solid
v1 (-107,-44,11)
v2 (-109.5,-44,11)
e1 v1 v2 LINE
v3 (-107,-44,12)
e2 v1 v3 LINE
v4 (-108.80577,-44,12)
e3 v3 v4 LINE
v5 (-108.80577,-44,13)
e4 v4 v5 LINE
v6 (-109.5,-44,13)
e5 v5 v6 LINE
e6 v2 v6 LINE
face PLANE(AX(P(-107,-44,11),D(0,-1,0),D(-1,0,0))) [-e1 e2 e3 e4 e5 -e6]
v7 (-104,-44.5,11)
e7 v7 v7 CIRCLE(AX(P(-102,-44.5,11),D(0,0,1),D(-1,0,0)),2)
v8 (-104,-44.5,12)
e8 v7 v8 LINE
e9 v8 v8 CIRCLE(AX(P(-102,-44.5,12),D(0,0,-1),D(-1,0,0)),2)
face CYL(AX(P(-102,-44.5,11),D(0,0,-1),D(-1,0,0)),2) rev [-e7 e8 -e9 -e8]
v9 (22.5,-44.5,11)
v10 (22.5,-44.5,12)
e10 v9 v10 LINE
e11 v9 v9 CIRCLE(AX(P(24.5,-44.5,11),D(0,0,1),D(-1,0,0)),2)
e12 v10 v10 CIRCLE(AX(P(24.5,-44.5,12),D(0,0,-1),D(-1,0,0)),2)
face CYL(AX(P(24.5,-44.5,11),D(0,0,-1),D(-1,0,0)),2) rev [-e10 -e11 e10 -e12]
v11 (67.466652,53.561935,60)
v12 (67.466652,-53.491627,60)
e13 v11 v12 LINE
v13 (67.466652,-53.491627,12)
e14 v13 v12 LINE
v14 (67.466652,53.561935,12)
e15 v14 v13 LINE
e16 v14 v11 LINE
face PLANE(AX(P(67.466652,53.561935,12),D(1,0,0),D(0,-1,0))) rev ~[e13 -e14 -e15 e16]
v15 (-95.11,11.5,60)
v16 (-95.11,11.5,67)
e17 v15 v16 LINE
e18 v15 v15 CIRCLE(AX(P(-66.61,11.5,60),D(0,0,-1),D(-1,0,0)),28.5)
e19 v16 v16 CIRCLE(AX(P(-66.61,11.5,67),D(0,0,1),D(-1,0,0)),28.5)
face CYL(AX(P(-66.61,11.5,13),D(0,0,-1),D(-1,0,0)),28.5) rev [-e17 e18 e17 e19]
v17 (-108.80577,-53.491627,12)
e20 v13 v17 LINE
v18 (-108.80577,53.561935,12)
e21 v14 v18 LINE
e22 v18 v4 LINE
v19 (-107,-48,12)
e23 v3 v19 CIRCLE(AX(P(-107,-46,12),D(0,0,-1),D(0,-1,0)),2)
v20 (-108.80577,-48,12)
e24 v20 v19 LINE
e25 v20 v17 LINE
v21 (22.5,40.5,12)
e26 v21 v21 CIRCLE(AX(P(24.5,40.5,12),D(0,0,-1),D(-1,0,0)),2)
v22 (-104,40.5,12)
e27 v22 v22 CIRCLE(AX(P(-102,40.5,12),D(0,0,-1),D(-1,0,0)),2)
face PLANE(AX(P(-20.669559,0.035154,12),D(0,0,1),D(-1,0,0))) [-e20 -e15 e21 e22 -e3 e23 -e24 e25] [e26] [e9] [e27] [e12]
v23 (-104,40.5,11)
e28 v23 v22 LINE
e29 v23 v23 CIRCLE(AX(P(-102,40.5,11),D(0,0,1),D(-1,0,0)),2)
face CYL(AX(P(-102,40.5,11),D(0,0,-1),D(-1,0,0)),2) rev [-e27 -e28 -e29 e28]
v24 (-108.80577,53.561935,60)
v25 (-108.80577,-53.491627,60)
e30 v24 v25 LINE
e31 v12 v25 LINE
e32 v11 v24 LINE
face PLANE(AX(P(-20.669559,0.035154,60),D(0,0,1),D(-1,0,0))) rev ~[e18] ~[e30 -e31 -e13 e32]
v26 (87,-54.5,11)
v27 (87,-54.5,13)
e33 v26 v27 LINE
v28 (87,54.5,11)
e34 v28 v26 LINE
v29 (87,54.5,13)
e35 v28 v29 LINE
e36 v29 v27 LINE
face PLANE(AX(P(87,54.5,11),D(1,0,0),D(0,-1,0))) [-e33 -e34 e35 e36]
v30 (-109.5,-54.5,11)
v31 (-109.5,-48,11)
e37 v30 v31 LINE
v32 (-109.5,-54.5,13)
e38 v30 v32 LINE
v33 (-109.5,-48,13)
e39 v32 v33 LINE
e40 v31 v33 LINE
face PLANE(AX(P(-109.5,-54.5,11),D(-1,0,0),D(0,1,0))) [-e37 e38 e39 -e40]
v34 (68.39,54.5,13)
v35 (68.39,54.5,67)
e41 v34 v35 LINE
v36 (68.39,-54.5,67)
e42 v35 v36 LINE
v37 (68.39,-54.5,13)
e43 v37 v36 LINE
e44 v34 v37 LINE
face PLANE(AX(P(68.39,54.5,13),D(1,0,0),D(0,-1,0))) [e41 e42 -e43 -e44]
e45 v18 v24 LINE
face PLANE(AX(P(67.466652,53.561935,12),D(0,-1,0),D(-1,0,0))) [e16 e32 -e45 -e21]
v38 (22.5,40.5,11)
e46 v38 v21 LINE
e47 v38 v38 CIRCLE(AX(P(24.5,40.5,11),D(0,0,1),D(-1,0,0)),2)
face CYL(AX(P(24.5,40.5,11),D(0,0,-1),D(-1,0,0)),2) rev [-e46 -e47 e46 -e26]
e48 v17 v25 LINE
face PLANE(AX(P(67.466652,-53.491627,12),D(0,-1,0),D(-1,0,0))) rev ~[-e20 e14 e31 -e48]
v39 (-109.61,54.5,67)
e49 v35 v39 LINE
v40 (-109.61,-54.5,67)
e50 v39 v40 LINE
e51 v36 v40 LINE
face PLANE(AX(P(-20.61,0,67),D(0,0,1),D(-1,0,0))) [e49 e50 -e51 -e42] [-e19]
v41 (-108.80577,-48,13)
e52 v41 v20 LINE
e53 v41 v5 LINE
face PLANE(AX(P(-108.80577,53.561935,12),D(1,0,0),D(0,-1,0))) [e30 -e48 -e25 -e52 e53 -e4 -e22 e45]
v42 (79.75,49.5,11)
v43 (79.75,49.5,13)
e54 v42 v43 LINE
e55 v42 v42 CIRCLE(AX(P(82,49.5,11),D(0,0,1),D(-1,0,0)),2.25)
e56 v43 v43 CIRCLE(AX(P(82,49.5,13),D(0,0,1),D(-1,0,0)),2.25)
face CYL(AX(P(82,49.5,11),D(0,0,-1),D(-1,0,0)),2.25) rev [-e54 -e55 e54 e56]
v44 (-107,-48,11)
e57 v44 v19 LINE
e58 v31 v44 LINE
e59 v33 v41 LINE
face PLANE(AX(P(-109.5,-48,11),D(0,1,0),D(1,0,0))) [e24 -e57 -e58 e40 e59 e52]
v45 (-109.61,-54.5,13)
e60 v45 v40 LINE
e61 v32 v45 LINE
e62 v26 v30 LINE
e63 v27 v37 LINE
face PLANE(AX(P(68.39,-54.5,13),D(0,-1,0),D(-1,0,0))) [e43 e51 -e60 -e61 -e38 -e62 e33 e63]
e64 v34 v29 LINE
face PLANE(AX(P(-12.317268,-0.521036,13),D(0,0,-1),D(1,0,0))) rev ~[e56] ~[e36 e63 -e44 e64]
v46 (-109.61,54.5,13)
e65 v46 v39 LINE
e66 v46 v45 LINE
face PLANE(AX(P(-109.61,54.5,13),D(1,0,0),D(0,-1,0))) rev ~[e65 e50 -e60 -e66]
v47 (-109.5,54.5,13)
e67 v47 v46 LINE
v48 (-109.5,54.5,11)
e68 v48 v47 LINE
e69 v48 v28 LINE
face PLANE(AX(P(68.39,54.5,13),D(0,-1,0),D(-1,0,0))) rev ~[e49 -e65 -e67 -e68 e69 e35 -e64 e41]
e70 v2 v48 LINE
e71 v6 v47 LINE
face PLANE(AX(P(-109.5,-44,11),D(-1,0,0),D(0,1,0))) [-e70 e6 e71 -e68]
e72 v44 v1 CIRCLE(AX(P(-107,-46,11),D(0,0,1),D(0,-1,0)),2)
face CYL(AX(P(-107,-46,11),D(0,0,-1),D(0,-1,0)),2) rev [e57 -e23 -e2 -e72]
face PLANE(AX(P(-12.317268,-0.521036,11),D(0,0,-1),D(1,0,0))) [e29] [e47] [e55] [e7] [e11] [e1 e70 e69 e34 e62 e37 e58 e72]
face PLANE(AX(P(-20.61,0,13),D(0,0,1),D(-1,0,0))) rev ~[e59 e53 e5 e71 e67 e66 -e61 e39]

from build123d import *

# Parameters (mm, degrees)
SKETCH005_R             = 2.25
SKETCH005_R_2           = 2
PAD003_DEPTH            = 2
SKETCH007_W             = 178
SKETCH007_H             = 109
SKETCH007_R             = 28.5
PAD005_DEPTH            = 54
SKETCH008_W             = 176.272423
SKETCH008_H             = 107.053562
POCKET001_DEPTH         = 48
BODY001_PLACEMENT_ANGLE = 180


with BuildPart() as part:
    # Sketch005 → Pad003 (new body)
    with BuildSketch(Plane.XY.offset(13)):
        with BuildLine():
            Line((-98.25, -54.5), (-98.25, 54.5))
            Line((-98.25, 54.5), (98.25, 54.5))
            Line((98.25, 54.5), (98.25, 48))
            Line((98.25, 48), (95.75, 48))
            ThreePointArc((95.75, 48), (93.75, 46), (95.75, 44))
            Line((95.75, 44), (98.25, 44))
            Line((98.25, 44), (98.25, -54.5))
            Line((98.25, -54.5), (-98.25, -54.5))
        make_face()
        with Locations((-93.25, -49.5)):
            Circle(SKETCH005_R, mode=Mode.SUBTRACT)
        with Locations((-35.75, 44.5)):
            Circle(SKETCH005_R_2, mode=Mode.SUBTRACT)
        with Locations((90.75, 44.5)):
            Circle(SKETCH005_R_2, mode=Mode.SUBTRACT)
        with Locations((90.75, -40.5)):
            Circle(SKETCH005_R_2, mode=Mode.SUBTRACT)
        with Locations((-35.75, -40.5)):
            Circle(SKETCH005_R_2, mode=Mode.SUBTRACT)
    extrude(amount=PAD003_DEPTH)

    # Sketch007 (on Face15 of Pad003) → Pad005 (join)
    with BuildSketch(Plane.XY.offset(15)):
        with Locations((9.36, 0)):
            Rectangle(SKETCH007_W, SKETCH007_H)
        with Locations((55.36, -11.5)):
            Circle(SKETCH007_R, mode=Mode.SUBTRACT)
    extrude(amount=PAD005_DEPTH)

    # Sketch008 (on Face5 of Pad005) → Pocket001 (cut)
    with BuildSketch(Plane.XY.offset(14)):
        with Locations((9.419559, -0.035154)):
            Rectangle(SKETCH008_W, SKETCH008_H)
    extrude(amount=POCKET001_DEPTH, mode=Mode.SUBTRACT)


with BuildPart() as part_1:
    # Body001 placement: moved
    add(part.part.moved(Location((-11.25, 0, -2))).rotate(Axis((-11.25, 0, -2), (0, 0, 1)), BODY001_PLACEMENT_ANGLE))


solid = part_1.part
